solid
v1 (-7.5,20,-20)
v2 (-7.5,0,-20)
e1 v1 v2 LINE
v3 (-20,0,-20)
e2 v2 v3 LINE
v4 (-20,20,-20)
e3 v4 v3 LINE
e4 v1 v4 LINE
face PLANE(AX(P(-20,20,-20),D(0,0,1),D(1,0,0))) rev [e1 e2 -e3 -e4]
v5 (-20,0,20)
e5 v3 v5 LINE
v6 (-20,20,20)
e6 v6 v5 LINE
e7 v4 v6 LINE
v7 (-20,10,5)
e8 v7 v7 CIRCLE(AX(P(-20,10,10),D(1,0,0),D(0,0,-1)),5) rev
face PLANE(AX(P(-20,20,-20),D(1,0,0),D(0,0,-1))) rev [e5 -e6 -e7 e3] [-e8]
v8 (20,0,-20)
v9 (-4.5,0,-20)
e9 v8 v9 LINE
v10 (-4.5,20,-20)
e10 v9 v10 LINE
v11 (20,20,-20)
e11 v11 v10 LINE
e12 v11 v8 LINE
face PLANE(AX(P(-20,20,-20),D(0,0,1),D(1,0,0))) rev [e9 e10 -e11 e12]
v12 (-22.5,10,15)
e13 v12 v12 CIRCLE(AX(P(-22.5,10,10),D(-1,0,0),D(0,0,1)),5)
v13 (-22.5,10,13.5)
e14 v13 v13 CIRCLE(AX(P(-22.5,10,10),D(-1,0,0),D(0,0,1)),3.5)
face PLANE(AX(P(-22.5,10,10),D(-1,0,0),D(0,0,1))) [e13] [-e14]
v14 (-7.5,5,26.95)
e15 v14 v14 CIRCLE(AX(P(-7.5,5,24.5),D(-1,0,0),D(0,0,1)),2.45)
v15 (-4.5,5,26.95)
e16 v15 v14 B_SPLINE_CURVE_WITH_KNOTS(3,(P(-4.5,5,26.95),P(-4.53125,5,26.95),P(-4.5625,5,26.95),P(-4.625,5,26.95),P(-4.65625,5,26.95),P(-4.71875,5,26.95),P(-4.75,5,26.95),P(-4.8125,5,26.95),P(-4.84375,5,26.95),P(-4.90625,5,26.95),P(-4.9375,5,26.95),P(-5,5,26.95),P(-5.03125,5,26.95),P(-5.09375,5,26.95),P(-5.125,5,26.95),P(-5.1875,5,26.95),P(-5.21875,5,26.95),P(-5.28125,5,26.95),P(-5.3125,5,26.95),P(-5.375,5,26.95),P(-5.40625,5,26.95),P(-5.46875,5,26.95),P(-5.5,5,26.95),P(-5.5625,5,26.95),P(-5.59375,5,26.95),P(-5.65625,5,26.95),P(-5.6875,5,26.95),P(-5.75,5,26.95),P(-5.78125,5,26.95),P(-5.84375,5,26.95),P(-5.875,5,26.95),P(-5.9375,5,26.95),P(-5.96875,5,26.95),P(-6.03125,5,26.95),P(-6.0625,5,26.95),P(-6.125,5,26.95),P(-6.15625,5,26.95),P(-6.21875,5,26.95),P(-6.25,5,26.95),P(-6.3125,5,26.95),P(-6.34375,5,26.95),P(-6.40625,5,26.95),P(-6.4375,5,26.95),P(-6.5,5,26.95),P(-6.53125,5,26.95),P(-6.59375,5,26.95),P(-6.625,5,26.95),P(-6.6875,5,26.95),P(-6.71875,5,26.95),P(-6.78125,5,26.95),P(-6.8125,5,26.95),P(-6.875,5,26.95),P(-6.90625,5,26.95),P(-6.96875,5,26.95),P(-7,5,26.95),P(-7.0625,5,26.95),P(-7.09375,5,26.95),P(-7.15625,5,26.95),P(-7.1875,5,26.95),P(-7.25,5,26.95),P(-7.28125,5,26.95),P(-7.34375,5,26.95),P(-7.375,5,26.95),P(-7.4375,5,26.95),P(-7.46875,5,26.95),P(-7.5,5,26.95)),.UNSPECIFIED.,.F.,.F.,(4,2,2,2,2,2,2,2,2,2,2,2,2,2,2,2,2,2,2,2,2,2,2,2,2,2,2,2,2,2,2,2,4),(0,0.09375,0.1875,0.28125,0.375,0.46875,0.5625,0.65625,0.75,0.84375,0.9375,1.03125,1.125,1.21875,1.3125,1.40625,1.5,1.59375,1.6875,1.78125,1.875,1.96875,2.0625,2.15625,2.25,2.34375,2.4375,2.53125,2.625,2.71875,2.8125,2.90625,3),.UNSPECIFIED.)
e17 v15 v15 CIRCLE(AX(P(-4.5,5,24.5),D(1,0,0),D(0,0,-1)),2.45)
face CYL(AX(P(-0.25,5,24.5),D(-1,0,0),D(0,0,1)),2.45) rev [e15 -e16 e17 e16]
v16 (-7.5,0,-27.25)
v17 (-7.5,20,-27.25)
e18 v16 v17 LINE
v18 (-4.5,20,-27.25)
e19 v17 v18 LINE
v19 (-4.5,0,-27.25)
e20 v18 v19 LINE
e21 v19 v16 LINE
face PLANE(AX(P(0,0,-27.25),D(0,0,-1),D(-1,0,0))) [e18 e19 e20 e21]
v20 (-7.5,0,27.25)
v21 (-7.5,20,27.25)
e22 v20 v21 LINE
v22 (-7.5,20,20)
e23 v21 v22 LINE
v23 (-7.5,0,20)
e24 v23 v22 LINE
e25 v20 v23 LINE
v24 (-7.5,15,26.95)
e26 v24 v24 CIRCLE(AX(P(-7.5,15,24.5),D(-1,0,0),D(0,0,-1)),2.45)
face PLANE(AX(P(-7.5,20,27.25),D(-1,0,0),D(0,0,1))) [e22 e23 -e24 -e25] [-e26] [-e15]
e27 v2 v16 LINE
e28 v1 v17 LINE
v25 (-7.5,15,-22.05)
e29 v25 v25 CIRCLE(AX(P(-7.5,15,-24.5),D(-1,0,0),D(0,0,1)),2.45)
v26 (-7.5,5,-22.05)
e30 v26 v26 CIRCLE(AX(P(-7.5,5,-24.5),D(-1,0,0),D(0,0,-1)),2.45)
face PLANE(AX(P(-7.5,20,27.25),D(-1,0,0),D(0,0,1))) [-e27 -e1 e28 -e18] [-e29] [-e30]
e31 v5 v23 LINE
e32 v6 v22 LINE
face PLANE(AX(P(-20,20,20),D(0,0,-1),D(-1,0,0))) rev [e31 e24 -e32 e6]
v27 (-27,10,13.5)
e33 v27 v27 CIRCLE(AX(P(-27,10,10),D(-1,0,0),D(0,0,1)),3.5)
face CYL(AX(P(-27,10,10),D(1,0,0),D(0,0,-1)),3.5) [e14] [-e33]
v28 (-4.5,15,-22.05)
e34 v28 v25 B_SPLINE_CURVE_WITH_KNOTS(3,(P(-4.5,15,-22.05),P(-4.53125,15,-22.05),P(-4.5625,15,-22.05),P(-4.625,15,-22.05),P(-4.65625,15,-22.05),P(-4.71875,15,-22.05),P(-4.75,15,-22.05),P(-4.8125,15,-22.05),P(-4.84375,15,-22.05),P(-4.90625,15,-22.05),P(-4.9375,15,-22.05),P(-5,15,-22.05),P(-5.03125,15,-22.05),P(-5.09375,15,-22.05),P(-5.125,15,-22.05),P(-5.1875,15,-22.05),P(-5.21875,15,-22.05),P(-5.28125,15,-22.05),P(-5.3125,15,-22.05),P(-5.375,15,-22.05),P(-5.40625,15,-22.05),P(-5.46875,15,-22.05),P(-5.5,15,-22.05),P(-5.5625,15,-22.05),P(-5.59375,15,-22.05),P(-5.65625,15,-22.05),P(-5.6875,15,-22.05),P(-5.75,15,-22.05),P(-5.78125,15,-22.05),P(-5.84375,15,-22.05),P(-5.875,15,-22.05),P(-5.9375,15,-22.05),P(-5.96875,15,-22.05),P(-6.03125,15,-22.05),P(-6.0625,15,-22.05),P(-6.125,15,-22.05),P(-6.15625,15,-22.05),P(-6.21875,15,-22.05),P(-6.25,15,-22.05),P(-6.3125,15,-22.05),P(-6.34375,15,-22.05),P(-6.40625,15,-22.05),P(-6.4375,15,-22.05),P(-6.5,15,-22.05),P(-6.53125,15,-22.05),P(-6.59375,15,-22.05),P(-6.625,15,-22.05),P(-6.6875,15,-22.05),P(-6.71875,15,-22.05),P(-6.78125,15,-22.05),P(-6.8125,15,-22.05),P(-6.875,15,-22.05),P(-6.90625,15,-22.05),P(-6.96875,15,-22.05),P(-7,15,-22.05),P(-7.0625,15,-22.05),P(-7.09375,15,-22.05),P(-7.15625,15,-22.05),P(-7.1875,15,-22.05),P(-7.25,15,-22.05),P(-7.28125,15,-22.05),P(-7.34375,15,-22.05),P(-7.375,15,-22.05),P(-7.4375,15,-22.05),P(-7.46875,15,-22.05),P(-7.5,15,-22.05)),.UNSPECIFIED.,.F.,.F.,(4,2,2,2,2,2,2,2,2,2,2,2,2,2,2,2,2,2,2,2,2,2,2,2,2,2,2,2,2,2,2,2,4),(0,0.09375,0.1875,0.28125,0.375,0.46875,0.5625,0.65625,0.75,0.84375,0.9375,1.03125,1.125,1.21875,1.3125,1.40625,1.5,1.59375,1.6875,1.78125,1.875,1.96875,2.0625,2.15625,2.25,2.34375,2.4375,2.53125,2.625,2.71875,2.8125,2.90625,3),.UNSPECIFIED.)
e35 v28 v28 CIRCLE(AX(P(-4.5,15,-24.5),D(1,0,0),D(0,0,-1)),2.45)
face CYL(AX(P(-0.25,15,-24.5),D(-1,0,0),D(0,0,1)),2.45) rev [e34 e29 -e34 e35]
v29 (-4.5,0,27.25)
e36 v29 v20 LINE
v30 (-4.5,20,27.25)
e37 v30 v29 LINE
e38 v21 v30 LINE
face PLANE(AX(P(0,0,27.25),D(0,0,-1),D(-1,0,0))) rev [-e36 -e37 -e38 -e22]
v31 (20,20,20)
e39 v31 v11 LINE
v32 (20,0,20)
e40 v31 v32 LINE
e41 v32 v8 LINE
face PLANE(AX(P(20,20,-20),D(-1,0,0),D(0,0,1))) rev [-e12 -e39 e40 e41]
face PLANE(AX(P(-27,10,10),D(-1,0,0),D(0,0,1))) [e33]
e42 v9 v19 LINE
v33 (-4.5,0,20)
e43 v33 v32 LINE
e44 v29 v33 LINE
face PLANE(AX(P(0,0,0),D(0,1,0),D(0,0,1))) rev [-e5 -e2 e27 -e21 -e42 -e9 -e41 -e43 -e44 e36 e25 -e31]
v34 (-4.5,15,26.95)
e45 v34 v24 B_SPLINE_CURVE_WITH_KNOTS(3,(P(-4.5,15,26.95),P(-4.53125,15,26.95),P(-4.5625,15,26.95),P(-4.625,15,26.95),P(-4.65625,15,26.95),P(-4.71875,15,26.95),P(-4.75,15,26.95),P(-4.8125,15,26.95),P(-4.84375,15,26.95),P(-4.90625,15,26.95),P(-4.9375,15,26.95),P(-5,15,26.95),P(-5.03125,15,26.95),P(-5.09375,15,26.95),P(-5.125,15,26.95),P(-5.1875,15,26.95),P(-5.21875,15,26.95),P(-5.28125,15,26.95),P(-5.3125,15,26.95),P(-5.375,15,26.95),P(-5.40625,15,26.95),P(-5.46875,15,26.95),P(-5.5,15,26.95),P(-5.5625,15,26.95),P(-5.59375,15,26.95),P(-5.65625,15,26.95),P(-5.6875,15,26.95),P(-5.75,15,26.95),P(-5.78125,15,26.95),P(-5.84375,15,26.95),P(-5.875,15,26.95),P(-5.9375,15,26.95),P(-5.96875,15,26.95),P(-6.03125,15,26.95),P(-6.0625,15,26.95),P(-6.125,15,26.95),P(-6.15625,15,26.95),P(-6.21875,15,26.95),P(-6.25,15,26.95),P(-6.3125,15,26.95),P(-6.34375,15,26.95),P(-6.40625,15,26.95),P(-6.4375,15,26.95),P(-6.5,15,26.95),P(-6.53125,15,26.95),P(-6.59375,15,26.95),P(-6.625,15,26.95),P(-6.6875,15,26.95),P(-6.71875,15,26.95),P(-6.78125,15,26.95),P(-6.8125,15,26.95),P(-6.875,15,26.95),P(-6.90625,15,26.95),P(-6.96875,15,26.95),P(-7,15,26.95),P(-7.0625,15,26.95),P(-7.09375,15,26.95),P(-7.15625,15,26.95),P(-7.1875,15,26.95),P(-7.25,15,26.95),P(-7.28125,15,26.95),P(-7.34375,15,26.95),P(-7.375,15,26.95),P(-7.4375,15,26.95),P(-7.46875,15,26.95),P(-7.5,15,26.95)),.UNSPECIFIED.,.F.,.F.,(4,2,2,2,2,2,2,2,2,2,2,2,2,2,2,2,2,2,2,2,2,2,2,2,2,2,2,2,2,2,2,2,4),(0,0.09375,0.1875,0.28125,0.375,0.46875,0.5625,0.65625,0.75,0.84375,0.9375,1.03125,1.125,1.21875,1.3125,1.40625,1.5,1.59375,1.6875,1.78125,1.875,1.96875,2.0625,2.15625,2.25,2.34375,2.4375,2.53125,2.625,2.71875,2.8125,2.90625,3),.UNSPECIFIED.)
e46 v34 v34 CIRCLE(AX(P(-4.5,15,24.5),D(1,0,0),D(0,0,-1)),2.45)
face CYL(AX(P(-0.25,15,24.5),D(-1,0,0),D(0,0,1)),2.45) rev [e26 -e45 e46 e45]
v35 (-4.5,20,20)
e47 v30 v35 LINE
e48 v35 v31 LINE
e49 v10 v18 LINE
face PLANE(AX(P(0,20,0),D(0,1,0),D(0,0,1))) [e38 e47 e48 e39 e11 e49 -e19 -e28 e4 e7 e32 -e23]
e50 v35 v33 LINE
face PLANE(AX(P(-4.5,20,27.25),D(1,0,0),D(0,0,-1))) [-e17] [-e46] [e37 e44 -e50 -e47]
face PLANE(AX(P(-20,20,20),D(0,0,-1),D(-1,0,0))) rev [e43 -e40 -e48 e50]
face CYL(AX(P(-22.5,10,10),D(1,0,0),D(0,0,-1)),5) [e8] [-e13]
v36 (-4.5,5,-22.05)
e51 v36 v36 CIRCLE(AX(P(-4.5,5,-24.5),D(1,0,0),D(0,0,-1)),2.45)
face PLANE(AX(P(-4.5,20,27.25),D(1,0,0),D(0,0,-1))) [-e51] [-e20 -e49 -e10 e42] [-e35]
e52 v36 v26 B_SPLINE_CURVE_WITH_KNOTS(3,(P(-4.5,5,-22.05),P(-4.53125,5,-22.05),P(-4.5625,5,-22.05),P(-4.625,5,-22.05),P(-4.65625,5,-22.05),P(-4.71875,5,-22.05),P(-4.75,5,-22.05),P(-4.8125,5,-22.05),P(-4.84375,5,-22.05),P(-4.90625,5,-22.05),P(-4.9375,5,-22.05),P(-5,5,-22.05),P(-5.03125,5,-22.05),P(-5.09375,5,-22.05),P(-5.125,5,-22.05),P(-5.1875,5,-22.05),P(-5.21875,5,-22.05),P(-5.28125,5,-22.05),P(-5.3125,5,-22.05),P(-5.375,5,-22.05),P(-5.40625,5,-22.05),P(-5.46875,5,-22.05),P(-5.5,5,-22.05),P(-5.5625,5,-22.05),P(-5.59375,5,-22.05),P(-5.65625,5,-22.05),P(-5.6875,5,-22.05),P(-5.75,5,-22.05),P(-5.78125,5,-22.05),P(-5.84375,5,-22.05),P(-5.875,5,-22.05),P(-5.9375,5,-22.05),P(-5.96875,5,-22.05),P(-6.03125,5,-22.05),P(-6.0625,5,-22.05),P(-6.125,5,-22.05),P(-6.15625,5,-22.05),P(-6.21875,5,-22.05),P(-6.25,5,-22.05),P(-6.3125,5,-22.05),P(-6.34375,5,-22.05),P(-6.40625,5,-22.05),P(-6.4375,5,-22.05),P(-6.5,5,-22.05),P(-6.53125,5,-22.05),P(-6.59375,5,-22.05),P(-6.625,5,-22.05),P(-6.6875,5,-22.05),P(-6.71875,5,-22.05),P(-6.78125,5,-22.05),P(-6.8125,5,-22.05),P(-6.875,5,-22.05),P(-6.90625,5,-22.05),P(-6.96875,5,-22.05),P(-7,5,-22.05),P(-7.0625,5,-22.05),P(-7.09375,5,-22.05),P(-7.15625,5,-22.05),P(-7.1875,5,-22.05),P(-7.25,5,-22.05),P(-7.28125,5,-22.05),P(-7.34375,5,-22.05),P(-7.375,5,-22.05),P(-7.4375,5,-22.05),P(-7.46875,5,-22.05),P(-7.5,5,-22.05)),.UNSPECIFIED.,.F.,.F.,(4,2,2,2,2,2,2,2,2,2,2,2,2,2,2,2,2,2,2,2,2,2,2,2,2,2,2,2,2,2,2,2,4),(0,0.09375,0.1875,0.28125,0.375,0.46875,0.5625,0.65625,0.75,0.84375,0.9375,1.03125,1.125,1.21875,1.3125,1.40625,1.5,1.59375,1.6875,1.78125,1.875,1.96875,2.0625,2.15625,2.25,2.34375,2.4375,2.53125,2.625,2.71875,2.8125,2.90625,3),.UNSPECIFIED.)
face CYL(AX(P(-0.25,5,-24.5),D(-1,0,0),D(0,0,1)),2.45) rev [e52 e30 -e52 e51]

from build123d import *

# Parameters (mm, degrees)
SKETCH_1_W           = 40
SKETCH_1_H           = 40
EXTRUDE_1_DEPTH      = 20
EXTRUDE_2_DEPTH      = 7.25
EXTRUDE_2_DEPTH_BACK = 47.25
SKETCH_4_W           = 3
SKETCH_4_H           = 20
SKETCH_5_R           = 2.45
CUT_EXTRUDE_3_DEPTH  = 7.25
SKETCH_6_R           = 3.5
EXTRUDE_3_DEPTH      = 7
SKETCH_7_R           = 5
EXTRUDE_4_DEPTH      = 2.5


with BuildPart() as part:
    # 草图1 → 凸台-拉伸1 (new body)
    with BuildSketch(Plane(origin=(0, 0, 0), x_dir=(1, 0, 0), z_dir=(0, 1, 0))):
        Rectangle(SKETCH_1_W, SKETCH_1_H)
    extrude(amount=EXTRUDE_1_DEPTH)

    # 草图4 → 凸台-拉伸2 (add, two sides: drawn at the far end of the back side and taken through both)
    with BuildSketch(Plane(origin=(0, 0, -20), x_dir=(-1, 0, 0), z_dir=(0, 0, -1)).offset(-EXTRUDE_2_DEPTH_BACK)):
        with Locations((6, 10)):
            Rectangle(SKETCH_4_W, SKETCH_4_H)
    extrude(amount=EXTRUDE_2_DEPTH + EXTRUDE_2_DEPTH_BACK)

    # 草图5 → 切除-拉伸3 (cut)
    with BuildSketch(Plane.ZY.offset(7.5)):
        with Locations((-24.5, 15)):
            Circle(SKETCH_5_R)
        with Locations((24.5, 15)):
            Circle(SKETCH_5_R)
        with Locations((24.5, 5)):
            Circle(SKETCH_5_R)
        with Locations((-24.5, 5)):
            Circle(SKETCH_5_R)
    extrude(amount=-CUT_EXTRUDE_3_DEPTH, mode=Mode.SUBTRACT)

    # 草图6 → 凸台-拉伸3 (add)
    with BuildSketch(Plane.ZY.offset(20)):
        with Locations(Location((10, 10, 0), (0, 0, 180))):
            Circle(SKETCH_6_R)
    extrude(amount=EXTRUDE_3_DEPTH)

    # 草图7 → 凸台-拉伸4 (add)
    with BuildSketch(Plane.ZY.offset(20)):
        with Locations(Location((10, 10, 0), (0, 0, 180))):
            Circle(SKETCH_7_R)
    extrude(amount=EXTRUDE_4_DEPTH)


solid = part.part
